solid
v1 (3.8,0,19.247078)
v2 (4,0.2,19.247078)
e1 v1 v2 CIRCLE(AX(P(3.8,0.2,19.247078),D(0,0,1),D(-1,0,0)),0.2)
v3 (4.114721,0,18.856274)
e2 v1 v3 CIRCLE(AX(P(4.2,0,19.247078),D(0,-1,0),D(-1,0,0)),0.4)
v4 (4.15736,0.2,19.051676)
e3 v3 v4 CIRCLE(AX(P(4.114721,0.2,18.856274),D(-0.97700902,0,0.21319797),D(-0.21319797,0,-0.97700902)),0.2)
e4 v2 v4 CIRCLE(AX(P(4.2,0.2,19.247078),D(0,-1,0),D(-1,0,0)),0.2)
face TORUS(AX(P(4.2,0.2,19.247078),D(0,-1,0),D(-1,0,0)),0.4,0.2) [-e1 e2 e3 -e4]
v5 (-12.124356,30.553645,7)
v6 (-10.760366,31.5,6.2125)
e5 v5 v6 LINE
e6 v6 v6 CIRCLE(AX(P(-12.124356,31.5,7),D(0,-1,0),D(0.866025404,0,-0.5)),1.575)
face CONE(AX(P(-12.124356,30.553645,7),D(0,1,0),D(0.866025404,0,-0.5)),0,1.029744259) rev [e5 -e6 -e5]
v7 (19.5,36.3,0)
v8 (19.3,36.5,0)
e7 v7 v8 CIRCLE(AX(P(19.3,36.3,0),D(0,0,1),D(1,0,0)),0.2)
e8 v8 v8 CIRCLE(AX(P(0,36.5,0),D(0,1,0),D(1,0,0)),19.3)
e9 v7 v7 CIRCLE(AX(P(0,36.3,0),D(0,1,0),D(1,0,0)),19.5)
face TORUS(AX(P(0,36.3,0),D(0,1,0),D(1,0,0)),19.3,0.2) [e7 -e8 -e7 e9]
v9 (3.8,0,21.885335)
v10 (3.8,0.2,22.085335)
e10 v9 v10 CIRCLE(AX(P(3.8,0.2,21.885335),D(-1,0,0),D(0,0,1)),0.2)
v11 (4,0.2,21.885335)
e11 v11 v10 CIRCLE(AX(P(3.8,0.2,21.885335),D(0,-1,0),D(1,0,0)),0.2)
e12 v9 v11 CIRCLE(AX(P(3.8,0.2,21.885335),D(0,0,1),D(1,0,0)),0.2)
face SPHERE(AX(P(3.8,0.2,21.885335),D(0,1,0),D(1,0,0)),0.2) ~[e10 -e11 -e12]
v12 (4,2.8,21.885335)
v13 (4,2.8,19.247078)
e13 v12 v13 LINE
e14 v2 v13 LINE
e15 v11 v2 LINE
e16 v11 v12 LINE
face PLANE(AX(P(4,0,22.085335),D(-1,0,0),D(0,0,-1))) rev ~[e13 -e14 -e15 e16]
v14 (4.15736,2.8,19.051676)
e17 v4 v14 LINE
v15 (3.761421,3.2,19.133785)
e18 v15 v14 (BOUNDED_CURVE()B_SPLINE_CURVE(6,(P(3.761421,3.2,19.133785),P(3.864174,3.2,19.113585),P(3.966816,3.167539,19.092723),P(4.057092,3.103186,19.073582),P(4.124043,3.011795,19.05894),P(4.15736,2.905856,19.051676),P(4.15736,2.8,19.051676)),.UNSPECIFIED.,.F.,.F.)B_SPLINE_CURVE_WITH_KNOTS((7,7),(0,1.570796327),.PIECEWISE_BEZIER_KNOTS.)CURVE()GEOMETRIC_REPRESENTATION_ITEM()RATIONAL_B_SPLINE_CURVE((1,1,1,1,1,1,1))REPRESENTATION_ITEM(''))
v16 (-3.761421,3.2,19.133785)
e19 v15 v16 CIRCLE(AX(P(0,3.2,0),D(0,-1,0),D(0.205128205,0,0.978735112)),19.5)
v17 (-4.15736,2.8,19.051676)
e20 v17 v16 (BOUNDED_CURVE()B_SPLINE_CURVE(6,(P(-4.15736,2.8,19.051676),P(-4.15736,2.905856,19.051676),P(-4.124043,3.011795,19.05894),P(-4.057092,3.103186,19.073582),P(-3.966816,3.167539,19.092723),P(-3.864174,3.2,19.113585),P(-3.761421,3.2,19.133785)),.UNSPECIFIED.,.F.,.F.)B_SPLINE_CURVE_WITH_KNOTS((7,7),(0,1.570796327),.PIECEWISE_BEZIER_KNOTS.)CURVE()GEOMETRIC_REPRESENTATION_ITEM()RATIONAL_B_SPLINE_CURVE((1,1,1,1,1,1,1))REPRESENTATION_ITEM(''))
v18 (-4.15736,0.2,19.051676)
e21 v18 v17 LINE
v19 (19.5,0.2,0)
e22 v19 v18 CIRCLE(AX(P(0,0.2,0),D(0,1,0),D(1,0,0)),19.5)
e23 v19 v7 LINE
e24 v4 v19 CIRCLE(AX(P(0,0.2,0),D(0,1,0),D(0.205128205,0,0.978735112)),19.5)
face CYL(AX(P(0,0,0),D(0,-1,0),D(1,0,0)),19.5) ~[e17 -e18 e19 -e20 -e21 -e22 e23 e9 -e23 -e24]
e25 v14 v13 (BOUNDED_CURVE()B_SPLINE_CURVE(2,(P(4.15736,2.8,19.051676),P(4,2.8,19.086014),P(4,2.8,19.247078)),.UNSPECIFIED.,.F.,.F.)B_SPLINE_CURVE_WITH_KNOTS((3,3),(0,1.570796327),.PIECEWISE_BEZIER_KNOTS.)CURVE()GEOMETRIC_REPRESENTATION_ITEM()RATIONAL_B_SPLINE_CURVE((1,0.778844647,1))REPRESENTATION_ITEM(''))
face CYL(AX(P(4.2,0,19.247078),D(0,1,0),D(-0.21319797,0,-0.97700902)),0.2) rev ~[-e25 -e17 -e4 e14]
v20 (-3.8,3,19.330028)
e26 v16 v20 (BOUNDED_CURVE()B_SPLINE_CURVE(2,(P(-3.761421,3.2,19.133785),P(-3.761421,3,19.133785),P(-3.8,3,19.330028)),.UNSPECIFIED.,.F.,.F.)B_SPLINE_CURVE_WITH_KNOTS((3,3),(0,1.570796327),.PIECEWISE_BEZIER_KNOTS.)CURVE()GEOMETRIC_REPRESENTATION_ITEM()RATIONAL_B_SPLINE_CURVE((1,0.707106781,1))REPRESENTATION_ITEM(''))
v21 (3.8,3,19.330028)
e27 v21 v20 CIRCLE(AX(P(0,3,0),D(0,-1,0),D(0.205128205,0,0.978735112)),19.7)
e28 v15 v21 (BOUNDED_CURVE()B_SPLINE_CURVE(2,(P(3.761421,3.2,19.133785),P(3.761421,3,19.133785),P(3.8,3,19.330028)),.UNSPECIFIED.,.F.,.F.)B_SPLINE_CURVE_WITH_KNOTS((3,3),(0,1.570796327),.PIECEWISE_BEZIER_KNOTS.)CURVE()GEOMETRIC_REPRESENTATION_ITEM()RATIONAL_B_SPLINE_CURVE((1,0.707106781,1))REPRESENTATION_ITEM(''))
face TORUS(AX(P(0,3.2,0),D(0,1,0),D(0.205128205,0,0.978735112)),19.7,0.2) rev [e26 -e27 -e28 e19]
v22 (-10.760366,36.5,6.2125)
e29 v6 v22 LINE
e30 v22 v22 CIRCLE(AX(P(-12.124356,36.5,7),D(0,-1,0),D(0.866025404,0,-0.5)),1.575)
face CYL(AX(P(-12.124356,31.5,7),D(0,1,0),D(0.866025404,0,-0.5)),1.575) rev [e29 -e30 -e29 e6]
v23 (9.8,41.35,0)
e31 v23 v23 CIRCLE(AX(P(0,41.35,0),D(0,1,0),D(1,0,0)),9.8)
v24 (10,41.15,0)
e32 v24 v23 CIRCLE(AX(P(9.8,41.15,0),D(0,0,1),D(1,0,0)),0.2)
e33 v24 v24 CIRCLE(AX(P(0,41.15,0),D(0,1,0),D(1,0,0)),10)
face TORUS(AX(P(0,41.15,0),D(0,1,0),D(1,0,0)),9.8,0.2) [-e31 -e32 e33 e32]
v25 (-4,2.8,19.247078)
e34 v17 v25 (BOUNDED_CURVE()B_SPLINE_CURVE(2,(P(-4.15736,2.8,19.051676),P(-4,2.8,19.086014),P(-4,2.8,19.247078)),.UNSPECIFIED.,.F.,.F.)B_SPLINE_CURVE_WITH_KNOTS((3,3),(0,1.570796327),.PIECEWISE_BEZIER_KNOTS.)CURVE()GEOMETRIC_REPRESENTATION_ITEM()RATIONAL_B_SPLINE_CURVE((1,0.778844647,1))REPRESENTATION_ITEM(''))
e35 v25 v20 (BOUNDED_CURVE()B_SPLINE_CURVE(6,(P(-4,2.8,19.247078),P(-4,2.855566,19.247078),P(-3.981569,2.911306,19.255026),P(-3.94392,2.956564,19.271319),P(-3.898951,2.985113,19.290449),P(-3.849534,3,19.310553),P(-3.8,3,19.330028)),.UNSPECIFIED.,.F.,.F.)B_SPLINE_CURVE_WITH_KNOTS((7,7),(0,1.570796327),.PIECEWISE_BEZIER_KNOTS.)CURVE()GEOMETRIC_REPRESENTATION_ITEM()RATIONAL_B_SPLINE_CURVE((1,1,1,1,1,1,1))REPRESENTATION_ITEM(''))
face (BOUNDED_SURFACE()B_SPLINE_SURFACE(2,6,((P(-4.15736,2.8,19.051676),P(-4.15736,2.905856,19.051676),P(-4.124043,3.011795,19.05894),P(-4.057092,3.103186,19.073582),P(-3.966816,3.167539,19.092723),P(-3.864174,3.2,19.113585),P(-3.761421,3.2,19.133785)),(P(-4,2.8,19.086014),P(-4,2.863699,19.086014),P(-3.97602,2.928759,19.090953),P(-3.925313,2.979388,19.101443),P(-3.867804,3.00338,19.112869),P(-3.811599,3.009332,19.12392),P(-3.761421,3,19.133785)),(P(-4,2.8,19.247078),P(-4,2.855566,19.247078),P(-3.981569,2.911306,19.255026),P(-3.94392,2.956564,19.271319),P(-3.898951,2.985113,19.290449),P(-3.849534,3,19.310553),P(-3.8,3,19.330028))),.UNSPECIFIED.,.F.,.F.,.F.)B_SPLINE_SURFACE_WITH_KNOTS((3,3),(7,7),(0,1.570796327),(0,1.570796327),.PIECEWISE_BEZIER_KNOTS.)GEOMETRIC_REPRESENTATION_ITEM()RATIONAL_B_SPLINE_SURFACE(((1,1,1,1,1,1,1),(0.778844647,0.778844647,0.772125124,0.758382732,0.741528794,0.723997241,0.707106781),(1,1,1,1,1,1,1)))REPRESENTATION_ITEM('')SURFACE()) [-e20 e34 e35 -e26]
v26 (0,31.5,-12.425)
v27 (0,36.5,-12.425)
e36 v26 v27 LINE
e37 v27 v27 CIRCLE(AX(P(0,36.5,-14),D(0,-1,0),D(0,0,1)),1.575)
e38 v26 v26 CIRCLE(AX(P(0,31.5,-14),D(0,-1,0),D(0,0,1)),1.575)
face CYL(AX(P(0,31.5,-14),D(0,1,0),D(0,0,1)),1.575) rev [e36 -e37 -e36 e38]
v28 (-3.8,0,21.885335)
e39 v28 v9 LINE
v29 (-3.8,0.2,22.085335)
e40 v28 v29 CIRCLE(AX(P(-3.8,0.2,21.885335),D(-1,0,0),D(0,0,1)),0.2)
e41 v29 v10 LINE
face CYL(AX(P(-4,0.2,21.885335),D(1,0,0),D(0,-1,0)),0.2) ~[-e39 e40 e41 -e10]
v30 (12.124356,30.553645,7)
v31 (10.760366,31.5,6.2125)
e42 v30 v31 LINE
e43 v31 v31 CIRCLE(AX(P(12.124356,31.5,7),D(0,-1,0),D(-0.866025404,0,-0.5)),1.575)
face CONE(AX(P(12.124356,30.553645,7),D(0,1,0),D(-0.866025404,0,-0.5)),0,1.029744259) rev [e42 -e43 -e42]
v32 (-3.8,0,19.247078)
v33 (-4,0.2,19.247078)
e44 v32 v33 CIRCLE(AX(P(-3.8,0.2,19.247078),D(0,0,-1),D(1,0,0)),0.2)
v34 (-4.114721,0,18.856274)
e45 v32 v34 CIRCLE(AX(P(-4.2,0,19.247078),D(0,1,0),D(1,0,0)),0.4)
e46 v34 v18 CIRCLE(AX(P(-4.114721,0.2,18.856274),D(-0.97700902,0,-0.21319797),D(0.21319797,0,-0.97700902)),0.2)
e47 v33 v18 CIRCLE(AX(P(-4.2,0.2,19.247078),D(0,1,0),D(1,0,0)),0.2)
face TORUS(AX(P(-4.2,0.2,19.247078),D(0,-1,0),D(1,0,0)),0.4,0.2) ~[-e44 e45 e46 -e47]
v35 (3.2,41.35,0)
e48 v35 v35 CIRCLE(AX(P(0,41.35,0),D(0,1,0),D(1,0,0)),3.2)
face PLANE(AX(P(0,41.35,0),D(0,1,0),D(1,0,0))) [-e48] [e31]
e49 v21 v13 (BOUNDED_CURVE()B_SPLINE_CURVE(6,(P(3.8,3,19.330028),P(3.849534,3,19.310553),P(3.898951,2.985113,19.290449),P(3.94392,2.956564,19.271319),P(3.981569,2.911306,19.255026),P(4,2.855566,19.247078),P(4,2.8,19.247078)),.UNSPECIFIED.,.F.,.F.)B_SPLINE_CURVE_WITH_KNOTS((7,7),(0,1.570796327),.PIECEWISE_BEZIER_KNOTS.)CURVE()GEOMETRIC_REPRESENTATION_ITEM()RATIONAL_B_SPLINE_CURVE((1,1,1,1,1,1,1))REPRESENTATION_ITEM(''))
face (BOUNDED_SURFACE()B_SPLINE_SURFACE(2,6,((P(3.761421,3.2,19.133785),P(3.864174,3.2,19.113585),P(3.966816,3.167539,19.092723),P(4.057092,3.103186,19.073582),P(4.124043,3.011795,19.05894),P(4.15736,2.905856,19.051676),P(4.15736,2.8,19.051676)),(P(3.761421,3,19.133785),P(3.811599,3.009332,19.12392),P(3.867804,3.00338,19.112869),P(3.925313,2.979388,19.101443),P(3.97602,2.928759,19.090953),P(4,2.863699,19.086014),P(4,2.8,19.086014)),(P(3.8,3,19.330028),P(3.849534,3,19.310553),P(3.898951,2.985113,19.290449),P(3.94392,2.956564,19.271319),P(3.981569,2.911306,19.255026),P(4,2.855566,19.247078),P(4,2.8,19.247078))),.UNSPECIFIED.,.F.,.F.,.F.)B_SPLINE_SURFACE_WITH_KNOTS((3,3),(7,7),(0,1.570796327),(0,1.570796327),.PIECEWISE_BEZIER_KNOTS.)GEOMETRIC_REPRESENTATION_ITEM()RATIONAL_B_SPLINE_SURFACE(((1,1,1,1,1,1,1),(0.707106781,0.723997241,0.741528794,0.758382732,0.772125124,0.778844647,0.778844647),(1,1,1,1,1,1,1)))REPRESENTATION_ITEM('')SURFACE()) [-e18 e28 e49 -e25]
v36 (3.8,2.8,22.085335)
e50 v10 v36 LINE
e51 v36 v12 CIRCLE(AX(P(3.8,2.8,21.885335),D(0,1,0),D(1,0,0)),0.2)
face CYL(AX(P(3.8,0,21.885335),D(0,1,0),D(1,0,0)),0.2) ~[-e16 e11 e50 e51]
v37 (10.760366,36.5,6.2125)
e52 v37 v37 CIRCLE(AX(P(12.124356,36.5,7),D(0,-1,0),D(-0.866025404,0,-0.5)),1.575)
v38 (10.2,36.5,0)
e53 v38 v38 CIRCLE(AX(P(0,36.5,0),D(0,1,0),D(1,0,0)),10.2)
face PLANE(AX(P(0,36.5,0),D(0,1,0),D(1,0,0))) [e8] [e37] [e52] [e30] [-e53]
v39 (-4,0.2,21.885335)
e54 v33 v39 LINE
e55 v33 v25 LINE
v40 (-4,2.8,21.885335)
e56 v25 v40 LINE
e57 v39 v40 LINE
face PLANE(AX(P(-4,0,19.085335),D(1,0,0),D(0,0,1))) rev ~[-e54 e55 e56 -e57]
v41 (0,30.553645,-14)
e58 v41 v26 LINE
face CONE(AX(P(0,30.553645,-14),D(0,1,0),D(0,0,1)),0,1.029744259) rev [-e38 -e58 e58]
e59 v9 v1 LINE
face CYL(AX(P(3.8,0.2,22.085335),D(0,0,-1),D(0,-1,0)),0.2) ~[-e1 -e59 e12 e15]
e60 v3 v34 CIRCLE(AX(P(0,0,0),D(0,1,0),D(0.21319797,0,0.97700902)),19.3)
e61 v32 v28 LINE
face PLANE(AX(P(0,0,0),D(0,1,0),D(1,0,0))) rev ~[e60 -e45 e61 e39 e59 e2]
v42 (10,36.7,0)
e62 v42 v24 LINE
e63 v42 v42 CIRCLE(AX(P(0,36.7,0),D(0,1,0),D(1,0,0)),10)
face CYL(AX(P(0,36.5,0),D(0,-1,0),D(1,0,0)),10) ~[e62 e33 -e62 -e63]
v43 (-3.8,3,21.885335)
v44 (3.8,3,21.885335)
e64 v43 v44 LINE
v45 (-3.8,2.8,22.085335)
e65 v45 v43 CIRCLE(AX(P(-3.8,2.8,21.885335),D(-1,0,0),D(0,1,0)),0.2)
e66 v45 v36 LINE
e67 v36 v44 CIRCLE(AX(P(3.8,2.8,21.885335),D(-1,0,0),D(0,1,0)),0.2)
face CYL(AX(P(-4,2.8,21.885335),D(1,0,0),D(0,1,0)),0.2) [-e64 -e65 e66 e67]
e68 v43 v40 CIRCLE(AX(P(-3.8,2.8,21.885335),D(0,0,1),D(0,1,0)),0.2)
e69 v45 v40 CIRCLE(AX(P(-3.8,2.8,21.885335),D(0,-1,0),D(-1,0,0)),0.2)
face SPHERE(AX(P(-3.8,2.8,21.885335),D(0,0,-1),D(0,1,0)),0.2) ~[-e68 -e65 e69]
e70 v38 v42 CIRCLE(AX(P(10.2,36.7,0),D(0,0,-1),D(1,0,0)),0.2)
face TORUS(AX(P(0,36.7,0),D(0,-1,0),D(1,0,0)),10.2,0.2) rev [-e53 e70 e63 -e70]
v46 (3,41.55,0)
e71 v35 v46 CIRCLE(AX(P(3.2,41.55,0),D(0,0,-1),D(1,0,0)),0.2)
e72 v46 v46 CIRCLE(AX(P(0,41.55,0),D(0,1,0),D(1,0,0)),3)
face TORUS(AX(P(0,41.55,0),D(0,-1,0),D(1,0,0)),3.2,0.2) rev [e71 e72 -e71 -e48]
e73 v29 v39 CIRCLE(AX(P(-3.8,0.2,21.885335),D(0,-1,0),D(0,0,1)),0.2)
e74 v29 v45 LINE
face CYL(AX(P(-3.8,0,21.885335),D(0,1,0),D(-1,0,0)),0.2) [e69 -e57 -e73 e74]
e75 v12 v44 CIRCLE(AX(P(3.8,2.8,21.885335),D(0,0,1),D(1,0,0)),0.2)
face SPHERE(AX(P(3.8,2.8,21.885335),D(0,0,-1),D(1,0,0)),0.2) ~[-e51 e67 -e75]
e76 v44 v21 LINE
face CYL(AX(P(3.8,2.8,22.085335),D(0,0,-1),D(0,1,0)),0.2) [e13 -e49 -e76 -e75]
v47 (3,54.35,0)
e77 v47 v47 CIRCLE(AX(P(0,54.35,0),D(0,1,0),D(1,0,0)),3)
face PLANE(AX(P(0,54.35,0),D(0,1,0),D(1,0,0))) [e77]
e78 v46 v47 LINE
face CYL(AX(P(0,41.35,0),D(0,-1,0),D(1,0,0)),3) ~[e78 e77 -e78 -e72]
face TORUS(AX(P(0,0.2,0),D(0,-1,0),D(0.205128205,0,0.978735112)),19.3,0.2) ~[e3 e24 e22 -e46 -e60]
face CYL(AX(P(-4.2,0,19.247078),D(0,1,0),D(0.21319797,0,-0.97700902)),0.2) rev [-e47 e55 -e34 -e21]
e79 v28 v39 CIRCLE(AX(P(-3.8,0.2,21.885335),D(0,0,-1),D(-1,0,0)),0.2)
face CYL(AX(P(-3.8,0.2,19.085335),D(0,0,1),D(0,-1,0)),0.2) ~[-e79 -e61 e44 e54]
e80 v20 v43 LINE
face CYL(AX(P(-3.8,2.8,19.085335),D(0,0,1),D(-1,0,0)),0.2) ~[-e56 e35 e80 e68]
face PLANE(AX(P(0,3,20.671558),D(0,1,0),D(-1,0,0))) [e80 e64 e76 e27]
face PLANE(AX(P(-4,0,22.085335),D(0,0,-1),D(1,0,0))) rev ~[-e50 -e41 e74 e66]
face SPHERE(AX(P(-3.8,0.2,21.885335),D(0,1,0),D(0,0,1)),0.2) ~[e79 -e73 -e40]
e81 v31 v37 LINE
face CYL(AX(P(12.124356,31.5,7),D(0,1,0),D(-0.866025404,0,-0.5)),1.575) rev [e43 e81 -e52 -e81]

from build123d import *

# Parameters (mm, degrees)
SKETCH1_R           = 19.5
BOSS_EXTRUDE1_DEPTH = 36.5
SKETCH2_R           = 10
BOSS_EXTRUDE2_DEPTH = 4.85
SKETCH2_2_R         = 10
BOSS_EXTRUDE3_DEPTH = 4.85
SKETCH5_R           = 3
BOSS_EXTRUDE4_DEPTH = 13
CIRPATTERN1_COUNT   = 3
BOSS_EXTRUDE5_DEPTH = 3
FILLET1_R           = 0.2
FILLET2_R           = 0.2


with BuildPart() as part:
    # Sketch1 → Boss-Extrude1 (new body)
    with BuildSketch(Plane(origin=(0, 0, 0), x_dir=(1, 0, 0), z_dir=(0, 1, 0))):
        Circle(SKETCH1_R)
    extrude(amount=BOSS_EXTRUDE1_DEPTH)

    # Sketch2 → Boss-Extrude2 (add)
    with BuildSketch(Plane(origin=(0, 36.5, 0), x_dir=(1, 0, 0), z_dir=(0, 1, 0))):
        Circle(SKETCH2_R)
    extrude(amount=BOSS_EXTRUDE2_DEPTH)

    # Sketch2<2> → Boss-Extrude3 (add)
    with BuildSketch(Plane(origin=(0, 36.5, 0), x_dir=(1, 0, 0), z_dir=(0, 1, 0))):
        Circle(SKETCH2_2_R)
    extrude(amount=BOSS_EXTRUDE3_DEPTH)

    # Sketch5 → Boss-Extrude4 (add)
    with BuildSketch(Plane(origin=(0, 41.35, 0), x_dir=(1, 0, 0), z_dir=(0, 1, 0))):
        Circle(SKETCH5_R)
    extrude(amount=BOSS_EXTRUDE4_DEPTH)

    # Sketch14 → Tap Drill for M3 Helicoil1 (revolve, cut)
    with BuildSketch(Plane(origin=(0, 36.5, -14), x_dir=(0, 0, 1), z_dir=(1, 0, 0))):
        Polygon((0, 0), (0, 5.946355475), (1.575, 5), (1.575, 0), align=None)
    tap_drill_for_m3_helicoil1 = revolve(axis=Axis((0, 42.85, -14), (0, -1, 0)), mode=Mode.SUBTRACT)

    # CirPattern1: Tap Drill for M3 Helicoil1 ×3 about axis
    cirpattern1_axis = Axis((0, 36.5, 0), (0, 1, 0))
    for i in range(1, CIRPATTERN1_COUNT):
        add(tap_drill_for_m3_helicoil1.rotate(cirpattern1_axis, i * 360 / CIRPATTERN1_COUNT), mode=Mode.SUBTRACT)

    # Sketch15 → Boss-Extrude5 (add)
    with BuildSketch(Plane.XZ):
        with BuildLine():
            Line((-4, 19.085334684), (-4, 22.085334684))
            Line((-4, 22.085334684), (4, 22.085334684))
            Line((4, 22.085334684), (4, 19.085334684))
            ThreePointArc((4, 19.085334684), (0, 19.5), (-4, 19.085334684))
        make_face()
    extrude(amount=-BOSS_EXTRUDE5_DEPTH)

    # Fillet1
    fillet1_edges = [part.edges().sort_by_distance(p)[0] for p in [
        (0, 3, 19.5),
        (-12.293290853, 0, -15.136875503),
        (4, 3, 20.585334684),
        (4, 1.5, 19.085334684),
        (4, 0, 20.585334684),
        (-4, 1.5, 19.085334684),
        (-4, 3, 20.585334684),
        (-4, 0, 20.585334684),
        (-4, 1.5, 22.085334684),
        (0, 3, 22.085334684),
        (4, 1.5, 22.085334684),
        (0, 0, 22.085334684),
    ]]
    fillet(fillet1_edges, radius=FILLET1_R)

    # Fillet2
    fillet2_edges = [part.edges().sort_by_distance(p)[0] for p in [
        (-3, 41.35, 0),
        (-10, 41.35, 0),
        (-10, 36.5, 0),
        (-19.5, 36.5, 0),
    ]]
    fillet(fillet2_edges, radius=FILLET2_R)


solid = part.part
